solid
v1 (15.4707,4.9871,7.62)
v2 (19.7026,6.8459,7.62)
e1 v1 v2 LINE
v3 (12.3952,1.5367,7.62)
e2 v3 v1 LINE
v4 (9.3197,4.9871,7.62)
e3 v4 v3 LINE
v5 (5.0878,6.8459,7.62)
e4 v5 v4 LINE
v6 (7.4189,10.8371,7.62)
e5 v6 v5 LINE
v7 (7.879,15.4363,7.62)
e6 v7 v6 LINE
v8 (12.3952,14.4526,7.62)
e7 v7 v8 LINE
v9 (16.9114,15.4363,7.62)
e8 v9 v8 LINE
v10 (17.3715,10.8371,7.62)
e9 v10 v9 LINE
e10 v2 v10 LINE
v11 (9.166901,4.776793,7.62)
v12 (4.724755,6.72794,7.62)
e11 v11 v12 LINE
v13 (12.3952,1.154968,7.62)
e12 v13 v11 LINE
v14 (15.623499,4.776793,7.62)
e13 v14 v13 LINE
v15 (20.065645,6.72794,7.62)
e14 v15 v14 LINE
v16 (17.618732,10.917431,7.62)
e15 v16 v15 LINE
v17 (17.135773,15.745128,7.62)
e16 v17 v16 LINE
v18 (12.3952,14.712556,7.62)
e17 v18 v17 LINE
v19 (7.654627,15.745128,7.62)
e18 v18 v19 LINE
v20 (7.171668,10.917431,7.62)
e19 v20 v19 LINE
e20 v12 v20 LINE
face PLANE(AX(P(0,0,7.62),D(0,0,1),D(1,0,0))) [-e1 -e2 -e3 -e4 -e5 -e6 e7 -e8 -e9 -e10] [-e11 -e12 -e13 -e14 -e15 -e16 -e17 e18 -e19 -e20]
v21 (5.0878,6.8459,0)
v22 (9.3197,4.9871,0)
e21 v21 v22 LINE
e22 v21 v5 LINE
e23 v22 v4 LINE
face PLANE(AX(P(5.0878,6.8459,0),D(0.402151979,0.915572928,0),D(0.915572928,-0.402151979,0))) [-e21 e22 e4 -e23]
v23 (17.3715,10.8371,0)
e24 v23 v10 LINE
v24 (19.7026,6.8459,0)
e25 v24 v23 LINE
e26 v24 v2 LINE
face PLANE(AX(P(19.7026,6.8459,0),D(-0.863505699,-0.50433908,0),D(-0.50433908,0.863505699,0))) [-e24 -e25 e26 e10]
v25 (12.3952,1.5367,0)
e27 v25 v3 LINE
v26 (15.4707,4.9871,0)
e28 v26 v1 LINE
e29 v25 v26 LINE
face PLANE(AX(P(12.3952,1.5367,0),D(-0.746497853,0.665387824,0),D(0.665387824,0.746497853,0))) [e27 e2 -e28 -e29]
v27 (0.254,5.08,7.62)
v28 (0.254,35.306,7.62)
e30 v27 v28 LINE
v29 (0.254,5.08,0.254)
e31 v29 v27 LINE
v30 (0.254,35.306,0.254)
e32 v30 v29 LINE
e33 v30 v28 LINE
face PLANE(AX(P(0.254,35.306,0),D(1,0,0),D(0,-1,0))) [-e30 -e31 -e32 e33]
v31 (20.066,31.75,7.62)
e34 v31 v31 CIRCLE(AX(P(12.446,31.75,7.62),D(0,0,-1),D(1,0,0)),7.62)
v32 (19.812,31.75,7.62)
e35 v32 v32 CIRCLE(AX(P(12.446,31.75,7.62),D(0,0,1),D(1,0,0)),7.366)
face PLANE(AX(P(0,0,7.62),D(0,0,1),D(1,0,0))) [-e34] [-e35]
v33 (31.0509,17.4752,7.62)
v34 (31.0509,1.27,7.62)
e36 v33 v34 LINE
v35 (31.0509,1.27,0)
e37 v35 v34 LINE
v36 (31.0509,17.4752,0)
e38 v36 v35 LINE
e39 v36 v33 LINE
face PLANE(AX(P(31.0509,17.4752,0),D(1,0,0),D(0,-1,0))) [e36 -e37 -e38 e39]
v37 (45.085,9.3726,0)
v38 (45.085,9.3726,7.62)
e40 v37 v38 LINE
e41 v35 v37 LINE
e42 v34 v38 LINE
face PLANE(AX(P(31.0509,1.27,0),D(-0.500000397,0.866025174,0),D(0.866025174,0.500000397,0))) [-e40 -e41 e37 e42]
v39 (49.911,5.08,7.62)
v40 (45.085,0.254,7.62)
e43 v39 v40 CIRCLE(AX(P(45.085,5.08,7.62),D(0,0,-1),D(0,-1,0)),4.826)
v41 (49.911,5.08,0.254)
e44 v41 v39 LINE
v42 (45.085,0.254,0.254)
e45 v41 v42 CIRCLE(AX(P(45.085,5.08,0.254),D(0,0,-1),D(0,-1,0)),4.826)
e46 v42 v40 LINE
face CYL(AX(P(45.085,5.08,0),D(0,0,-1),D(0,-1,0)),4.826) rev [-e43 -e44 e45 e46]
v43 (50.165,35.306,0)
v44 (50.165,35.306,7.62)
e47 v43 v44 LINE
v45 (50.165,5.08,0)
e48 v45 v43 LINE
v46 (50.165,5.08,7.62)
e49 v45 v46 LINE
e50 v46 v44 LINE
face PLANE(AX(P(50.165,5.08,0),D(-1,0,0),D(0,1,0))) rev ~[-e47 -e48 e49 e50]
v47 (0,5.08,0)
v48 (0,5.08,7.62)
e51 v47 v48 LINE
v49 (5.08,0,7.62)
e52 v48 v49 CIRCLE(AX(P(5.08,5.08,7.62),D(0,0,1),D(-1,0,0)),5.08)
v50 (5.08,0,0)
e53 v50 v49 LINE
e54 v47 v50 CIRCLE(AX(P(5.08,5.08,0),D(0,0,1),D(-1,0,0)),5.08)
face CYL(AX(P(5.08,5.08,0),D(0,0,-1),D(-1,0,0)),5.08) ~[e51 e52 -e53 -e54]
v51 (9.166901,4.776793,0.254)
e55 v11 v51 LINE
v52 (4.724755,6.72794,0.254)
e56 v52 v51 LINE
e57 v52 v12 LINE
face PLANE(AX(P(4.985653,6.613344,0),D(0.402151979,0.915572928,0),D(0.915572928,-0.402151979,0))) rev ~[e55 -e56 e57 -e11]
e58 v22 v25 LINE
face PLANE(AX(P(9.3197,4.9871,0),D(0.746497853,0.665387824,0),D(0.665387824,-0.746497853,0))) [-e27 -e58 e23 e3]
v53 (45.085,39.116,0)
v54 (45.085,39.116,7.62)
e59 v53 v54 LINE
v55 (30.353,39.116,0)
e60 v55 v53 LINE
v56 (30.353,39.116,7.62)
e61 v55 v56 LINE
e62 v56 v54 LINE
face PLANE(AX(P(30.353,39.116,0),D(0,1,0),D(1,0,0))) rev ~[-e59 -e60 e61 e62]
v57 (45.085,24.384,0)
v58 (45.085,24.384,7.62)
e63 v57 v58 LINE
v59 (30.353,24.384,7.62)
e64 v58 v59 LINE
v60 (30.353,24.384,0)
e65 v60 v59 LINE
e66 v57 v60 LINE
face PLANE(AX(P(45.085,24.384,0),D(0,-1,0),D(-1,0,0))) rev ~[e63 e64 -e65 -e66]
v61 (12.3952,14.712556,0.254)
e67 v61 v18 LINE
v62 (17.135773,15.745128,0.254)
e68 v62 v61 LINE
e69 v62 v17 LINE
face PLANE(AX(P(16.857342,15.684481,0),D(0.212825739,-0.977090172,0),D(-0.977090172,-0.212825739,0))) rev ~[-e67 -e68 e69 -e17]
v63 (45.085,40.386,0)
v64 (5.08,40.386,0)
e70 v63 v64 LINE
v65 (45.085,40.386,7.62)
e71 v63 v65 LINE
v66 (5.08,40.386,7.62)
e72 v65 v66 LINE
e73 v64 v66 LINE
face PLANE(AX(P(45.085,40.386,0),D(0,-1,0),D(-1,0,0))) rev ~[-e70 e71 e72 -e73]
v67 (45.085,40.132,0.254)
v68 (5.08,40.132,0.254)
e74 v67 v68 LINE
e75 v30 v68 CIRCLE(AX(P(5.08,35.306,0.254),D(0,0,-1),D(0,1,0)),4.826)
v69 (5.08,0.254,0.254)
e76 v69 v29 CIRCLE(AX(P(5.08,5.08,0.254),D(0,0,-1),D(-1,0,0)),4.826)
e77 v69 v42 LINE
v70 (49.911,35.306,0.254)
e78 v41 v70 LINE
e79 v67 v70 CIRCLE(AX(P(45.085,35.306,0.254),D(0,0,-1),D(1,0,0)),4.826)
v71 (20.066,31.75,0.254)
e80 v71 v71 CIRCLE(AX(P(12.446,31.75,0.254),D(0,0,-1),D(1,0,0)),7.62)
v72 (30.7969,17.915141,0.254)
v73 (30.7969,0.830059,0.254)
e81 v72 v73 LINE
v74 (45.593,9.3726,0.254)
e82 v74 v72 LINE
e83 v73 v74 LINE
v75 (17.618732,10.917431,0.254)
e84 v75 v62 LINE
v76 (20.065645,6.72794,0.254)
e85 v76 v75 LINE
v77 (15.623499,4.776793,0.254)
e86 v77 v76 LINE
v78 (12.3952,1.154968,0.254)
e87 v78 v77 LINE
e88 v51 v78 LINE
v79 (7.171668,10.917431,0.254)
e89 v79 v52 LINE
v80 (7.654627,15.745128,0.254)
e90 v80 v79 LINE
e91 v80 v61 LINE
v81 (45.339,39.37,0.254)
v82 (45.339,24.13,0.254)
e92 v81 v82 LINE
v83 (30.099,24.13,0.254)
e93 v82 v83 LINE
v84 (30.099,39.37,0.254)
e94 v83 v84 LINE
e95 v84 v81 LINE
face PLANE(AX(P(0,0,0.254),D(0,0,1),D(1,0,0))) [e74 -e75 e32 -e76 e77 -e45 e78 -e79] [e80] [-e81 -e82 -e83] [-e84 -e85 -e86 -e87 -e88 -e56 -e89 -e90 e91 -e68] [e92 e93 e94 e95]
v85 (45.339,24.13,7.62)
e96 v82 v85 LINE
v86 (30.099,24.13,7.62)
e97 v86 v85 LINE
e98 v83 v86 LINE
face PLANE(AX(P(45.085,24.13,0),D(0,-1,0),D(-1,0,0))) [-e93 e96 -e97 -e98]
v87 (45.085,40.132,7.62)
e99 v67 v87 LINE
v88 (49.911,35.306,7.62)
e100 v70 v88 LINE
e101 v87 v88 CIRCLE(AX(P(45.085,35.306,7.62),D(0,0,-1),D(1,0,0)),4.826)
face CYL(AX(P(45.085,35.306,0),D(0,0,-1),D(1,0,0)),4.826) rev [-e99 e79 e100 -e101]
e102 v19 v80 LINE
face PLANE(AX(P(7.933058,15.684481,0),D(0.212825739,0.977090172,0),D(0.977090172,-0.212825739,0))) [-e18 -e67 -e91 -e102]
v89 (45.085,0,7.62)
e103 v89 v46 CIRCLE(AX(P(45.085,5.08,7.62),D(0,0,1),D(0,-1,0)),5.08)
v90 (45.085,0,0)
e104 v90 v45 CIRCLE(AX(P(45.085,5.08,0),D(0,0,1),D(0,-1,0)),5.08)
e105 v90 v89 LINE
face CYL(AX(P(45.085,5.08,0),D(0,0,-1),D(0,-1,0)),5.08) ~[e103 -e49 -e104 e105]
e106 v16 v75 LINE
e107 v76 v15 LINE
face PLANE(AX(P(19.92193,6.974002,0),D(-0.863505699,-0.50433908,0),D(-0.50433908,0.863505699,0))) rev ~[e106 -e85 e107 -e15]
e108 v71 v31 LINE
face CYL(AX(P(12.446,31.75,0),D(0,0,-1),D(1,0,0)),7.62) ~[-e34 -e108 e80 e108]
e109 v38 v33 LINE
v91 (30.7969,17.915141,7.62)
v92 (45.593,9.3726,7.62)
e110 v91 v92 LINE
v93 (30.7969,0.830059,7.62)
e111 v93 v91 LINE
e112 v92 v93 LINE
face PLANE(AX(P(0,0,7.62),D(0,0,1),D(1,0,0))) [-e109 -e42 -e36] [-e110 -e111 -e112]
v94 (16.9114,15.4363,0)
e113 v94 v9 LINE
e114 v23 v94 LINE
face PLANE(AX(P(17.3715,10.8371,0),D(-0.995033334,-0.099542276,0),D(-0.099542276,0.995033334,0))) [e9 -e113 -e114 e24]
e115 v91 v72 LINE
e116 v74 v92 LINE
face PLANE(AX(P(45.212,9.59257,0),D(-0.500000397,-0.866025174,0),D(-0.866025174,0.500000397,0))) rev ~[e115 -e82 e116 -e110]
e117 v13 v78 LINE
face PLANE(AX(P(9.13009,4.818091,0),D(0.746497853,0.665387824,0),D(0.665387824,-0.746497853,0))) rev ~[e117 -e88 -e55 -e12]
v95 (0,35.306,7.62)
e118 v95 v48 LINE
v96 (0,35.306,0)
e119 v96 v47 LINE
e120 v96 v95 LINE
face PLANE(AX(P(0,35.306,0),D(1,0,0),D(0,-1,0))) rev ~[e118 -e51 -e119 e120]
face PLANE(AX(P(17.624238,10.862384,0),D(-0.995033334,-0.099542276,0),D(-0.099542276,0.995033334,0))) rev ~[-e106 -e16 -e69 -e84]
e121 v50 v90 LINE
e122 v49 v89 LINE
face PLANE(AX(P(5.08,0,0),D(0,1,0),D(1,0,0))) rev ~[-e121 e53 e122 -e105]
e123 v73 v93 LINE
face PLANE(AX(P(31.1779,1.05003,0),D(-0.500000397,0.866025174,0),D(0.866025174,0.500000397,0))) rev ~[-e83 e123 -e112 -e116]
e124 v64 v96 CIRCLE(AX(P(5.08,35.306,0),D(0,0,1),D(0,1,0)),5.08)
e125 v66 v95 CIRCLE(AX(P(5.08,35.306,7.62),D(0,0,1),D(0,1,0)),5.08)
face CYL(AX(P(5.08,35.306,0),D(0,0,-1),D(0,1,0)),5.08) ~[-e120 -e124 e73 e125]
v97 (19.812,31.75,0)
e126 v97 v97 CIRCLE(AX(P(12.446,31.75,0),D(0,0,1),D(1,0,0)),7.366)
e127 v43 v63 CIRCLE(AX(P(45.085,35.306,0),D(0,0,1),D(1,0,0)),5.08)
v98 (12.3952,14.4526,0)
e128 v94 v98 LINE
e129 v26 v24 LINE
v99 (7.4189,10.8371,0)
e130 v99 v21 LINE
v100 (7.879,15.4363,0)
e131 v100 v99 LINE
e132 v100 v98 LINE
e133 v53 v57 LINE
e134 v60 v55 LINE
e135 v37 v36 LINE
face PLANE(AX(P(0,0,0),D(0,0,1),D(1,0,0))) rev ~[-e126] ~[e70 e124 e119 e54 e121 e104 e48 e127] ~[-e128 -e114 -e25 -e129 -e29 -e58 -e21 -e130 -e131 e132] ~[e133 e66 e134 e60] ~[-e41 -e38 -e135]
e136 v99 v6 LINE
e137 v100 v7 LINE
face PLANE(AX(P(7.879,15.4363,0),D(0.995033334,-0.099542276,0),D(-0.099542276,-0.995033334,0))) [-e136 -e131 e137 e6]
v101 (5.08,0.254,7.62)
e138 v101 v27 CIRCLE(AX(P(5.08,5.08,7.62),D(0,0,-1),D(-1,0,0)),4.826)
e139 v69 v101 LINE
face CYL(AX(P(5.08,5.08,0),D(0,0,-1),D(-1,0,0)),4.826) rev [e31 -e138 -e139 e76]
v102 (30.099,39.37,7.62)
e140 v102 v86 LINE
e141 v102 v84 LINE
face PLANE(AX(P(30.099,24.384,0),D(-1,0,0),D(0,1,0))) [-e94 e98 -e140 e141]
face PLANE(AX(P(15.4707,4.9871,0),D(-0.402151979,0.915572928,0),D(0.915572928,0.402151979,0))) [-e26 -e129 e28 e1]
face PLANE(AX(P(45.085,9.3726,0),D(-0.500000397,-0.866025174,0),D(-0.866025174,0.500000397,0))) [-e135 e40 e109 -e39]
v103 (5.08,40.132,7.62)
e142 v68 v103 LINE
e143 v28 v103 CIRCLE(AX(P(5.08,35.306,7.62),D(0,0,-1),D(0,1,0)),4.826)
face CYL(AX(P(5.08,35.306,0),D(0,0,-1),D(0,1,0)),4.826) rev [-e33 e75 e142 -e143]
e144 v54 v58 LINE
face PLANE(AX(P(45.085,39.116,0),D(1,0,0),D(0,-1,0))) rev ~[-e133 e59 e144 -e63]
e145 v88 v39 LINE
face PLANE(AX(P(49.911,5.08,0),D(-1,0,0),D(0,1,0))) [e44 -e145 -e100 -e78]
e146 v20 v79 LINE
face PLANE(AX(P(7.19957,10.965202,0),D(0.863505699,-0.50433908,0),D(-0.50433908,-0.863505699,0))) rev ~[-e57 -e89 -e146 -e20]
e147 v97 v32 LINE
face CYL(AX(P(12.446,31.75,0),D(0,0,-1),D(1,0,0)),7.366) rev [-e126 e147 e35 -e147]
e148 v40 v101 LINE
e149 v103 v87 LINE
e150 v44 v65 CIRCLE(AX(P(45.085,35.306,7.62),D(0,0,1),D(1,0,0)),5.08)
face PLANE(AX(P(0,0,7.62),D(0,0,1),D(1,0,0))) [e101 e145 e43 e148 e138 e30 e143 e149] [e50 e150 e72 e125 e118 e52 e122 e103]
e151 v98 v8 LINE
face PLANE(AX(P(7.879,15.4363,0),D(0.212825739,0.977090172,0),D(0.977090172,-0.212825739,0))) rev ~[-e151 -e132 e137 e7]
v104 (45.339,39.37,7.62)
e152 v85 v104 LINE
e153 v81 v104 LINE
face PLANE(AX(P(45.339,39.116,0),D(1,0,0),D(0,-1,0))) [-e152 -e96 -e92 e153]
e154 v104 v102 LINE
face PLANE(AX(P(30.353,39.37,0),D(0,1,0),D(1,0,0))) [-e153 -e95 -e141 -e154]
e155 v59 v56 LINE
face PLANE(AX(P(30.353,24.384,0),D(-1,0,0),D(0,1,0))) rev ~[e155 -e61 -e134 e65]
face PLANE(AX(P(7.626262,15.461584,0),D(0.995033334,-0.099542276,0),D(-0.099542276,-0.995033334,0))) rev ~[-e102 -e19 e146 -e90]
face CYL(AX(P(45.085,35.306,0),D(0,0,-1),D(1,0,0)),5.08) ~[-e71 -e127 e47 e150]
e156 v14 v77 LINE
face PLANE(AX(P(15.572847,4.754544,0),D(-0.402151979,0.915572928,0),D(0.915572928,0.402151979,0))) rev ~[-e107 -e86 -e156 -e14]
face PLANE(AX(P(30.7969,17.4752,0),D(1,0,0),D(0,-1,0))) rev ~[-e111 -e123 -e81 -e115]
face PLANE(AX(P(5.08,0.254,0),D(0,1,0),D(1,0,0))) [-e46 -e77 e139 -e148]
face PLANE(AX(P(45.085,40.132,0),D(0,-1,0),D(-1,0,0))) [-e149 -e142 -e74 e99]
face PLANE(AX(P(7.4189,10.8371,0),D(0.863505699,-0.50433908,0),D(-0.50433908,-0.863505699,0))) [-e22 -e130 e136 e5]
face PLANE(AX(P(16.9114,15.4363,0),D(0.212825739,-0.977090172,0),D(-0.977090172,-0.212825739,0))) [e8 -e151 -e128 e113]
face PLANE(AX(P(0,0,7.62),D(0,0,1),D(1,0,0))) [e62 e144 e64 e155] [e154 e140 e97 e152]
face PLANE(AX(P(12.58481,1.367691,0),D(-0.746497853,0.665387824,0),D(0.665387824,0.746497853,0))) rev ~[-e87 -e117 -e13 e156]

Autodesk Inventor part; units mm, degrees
ref_plane "YZ Plane" through (0, 0, 0) normal (1, 0, 0) x (0, 1, 0)
ref_plane "XZ Plane" through (0, 0, 0) normal (0, 1, 0) x (-1, 0, 0)
ref_plane "XY Plane" through (0, 0, 0) normal (0, 0, 1) x (1, 0, 0)
sketch "Sketch1" plane through (0, 0, 0) normal (0, 0, 1) x (1, 0, 0)
  line L0 (5.08, 0) -> (45.085, 0)
  line L1 (50.165, 5.08) -> (50.165, 35.306)
  line L2 (45.085, 40.386) -> (5.08, 40.386)
  line L3 (0, 35.306) -> (0, 5.08)
  arc A0 (5.08, 40.386) -> (0, 35.306) centre (5.08, 35.306) ccw
  arc A1 (50.165, 35.306) -> (45.085, 40.386) centre (45.085, 35.306) ccw
  arc A2 (45.085, 0) -> (50.165, 5.08) centre (45.085, 5.08) ccw
  arc A3 (0, 5.08) -> (5.08, 0) centre (5.08, 5.08) ccw
  circle A4 centre (12.446, 31.75) radius 7.366
  line L4 (30.353, 39.116) -> (45.085, 39.116)
  line L5 (45.085, 39.116) -> (45.085, 24.384)
  line L6 (45.085, 24.384) -> (30.353, 24.384)
  line L7 (30.353, 24.384) -> (30.353, 39.116)
  line L8 (31.0509, 17.4752) -> (31.0509, 1.27)
  line L9 (31.0509, 1.27) -> (45.085, 9.3726)
  line L10 (45.085, 9.3726) -> (31.0509, 17.4752)
  circle A5 centre (12.3952, 9.2202) radius 5.2324 construction
  circle A6 centre (12.3952, 9.2202) radius 7.6835 construction
  line L11 (12.3952, 1.5367) -> (15.4707, 4.9871)
  line L12 (15.4707, 4.9871) -> (19.7026, 6.8459)
  line L13 (19.7026, 6.8459) -> (17.3715, 10.8371)
  line L14 (17.3715, 10.8371) -> (16.9114, 15.4363)
  line L15 (16.9114, 15.4363) -> (12.3952, 14.4526)
  line L16 (7.879, 15.4363) -> (7.4189, 10.8371)
  line L17 (7.4189, 10.8371) -> (5.0878, 6.8459)
  line L18 (5.0878, 6.8459) -> (9.3197, 4.9871)
  line L19 (9.3197, 4.9871) -> (12.3952, 1.5367)
  line L20 (7.879, 15.4363) -> (12.3952, 14.4526)
  point P0 (0, 0)
  point P1 (50.165, 0)
  point P2 (0, 40.386)
  dimension "d17" = 10.4648
  dimension "d18" = 15.367
  dimension "d0" = 40.386
  dimension "d1" = 50.165
  dimension "d2" = 5.08
  dimension "d3" = 14.732
  dimension "d4" = 8.636
  dimension "d5" = 12.446
  dimension "d6" = 14.732
  dimension "d7" = 14.732
  dimension "d8" = 1.27
  dimension "d9" = 5.08
  dimension "d10" = 16.2052
  dimension "d12" = 5.08
  dimension "d13" = 1.27
  dimension "d15" = 16.2052
  dimension "d16" = 16.2052
  dimension "d21" = 360
  dimension "d25" = 360
  dimension "d27" = 9.2202
  dimension "d28" = 12.3952
extrude "Extrusion1" add sketch "Sketch1" along normal blind 7.62
shell "Shell1" thickness 0.254 removed faces 1 at (40.407, 17.0773, 7.62)
properties part number "PassemgerBaseDE" material "ABS Plastic"
